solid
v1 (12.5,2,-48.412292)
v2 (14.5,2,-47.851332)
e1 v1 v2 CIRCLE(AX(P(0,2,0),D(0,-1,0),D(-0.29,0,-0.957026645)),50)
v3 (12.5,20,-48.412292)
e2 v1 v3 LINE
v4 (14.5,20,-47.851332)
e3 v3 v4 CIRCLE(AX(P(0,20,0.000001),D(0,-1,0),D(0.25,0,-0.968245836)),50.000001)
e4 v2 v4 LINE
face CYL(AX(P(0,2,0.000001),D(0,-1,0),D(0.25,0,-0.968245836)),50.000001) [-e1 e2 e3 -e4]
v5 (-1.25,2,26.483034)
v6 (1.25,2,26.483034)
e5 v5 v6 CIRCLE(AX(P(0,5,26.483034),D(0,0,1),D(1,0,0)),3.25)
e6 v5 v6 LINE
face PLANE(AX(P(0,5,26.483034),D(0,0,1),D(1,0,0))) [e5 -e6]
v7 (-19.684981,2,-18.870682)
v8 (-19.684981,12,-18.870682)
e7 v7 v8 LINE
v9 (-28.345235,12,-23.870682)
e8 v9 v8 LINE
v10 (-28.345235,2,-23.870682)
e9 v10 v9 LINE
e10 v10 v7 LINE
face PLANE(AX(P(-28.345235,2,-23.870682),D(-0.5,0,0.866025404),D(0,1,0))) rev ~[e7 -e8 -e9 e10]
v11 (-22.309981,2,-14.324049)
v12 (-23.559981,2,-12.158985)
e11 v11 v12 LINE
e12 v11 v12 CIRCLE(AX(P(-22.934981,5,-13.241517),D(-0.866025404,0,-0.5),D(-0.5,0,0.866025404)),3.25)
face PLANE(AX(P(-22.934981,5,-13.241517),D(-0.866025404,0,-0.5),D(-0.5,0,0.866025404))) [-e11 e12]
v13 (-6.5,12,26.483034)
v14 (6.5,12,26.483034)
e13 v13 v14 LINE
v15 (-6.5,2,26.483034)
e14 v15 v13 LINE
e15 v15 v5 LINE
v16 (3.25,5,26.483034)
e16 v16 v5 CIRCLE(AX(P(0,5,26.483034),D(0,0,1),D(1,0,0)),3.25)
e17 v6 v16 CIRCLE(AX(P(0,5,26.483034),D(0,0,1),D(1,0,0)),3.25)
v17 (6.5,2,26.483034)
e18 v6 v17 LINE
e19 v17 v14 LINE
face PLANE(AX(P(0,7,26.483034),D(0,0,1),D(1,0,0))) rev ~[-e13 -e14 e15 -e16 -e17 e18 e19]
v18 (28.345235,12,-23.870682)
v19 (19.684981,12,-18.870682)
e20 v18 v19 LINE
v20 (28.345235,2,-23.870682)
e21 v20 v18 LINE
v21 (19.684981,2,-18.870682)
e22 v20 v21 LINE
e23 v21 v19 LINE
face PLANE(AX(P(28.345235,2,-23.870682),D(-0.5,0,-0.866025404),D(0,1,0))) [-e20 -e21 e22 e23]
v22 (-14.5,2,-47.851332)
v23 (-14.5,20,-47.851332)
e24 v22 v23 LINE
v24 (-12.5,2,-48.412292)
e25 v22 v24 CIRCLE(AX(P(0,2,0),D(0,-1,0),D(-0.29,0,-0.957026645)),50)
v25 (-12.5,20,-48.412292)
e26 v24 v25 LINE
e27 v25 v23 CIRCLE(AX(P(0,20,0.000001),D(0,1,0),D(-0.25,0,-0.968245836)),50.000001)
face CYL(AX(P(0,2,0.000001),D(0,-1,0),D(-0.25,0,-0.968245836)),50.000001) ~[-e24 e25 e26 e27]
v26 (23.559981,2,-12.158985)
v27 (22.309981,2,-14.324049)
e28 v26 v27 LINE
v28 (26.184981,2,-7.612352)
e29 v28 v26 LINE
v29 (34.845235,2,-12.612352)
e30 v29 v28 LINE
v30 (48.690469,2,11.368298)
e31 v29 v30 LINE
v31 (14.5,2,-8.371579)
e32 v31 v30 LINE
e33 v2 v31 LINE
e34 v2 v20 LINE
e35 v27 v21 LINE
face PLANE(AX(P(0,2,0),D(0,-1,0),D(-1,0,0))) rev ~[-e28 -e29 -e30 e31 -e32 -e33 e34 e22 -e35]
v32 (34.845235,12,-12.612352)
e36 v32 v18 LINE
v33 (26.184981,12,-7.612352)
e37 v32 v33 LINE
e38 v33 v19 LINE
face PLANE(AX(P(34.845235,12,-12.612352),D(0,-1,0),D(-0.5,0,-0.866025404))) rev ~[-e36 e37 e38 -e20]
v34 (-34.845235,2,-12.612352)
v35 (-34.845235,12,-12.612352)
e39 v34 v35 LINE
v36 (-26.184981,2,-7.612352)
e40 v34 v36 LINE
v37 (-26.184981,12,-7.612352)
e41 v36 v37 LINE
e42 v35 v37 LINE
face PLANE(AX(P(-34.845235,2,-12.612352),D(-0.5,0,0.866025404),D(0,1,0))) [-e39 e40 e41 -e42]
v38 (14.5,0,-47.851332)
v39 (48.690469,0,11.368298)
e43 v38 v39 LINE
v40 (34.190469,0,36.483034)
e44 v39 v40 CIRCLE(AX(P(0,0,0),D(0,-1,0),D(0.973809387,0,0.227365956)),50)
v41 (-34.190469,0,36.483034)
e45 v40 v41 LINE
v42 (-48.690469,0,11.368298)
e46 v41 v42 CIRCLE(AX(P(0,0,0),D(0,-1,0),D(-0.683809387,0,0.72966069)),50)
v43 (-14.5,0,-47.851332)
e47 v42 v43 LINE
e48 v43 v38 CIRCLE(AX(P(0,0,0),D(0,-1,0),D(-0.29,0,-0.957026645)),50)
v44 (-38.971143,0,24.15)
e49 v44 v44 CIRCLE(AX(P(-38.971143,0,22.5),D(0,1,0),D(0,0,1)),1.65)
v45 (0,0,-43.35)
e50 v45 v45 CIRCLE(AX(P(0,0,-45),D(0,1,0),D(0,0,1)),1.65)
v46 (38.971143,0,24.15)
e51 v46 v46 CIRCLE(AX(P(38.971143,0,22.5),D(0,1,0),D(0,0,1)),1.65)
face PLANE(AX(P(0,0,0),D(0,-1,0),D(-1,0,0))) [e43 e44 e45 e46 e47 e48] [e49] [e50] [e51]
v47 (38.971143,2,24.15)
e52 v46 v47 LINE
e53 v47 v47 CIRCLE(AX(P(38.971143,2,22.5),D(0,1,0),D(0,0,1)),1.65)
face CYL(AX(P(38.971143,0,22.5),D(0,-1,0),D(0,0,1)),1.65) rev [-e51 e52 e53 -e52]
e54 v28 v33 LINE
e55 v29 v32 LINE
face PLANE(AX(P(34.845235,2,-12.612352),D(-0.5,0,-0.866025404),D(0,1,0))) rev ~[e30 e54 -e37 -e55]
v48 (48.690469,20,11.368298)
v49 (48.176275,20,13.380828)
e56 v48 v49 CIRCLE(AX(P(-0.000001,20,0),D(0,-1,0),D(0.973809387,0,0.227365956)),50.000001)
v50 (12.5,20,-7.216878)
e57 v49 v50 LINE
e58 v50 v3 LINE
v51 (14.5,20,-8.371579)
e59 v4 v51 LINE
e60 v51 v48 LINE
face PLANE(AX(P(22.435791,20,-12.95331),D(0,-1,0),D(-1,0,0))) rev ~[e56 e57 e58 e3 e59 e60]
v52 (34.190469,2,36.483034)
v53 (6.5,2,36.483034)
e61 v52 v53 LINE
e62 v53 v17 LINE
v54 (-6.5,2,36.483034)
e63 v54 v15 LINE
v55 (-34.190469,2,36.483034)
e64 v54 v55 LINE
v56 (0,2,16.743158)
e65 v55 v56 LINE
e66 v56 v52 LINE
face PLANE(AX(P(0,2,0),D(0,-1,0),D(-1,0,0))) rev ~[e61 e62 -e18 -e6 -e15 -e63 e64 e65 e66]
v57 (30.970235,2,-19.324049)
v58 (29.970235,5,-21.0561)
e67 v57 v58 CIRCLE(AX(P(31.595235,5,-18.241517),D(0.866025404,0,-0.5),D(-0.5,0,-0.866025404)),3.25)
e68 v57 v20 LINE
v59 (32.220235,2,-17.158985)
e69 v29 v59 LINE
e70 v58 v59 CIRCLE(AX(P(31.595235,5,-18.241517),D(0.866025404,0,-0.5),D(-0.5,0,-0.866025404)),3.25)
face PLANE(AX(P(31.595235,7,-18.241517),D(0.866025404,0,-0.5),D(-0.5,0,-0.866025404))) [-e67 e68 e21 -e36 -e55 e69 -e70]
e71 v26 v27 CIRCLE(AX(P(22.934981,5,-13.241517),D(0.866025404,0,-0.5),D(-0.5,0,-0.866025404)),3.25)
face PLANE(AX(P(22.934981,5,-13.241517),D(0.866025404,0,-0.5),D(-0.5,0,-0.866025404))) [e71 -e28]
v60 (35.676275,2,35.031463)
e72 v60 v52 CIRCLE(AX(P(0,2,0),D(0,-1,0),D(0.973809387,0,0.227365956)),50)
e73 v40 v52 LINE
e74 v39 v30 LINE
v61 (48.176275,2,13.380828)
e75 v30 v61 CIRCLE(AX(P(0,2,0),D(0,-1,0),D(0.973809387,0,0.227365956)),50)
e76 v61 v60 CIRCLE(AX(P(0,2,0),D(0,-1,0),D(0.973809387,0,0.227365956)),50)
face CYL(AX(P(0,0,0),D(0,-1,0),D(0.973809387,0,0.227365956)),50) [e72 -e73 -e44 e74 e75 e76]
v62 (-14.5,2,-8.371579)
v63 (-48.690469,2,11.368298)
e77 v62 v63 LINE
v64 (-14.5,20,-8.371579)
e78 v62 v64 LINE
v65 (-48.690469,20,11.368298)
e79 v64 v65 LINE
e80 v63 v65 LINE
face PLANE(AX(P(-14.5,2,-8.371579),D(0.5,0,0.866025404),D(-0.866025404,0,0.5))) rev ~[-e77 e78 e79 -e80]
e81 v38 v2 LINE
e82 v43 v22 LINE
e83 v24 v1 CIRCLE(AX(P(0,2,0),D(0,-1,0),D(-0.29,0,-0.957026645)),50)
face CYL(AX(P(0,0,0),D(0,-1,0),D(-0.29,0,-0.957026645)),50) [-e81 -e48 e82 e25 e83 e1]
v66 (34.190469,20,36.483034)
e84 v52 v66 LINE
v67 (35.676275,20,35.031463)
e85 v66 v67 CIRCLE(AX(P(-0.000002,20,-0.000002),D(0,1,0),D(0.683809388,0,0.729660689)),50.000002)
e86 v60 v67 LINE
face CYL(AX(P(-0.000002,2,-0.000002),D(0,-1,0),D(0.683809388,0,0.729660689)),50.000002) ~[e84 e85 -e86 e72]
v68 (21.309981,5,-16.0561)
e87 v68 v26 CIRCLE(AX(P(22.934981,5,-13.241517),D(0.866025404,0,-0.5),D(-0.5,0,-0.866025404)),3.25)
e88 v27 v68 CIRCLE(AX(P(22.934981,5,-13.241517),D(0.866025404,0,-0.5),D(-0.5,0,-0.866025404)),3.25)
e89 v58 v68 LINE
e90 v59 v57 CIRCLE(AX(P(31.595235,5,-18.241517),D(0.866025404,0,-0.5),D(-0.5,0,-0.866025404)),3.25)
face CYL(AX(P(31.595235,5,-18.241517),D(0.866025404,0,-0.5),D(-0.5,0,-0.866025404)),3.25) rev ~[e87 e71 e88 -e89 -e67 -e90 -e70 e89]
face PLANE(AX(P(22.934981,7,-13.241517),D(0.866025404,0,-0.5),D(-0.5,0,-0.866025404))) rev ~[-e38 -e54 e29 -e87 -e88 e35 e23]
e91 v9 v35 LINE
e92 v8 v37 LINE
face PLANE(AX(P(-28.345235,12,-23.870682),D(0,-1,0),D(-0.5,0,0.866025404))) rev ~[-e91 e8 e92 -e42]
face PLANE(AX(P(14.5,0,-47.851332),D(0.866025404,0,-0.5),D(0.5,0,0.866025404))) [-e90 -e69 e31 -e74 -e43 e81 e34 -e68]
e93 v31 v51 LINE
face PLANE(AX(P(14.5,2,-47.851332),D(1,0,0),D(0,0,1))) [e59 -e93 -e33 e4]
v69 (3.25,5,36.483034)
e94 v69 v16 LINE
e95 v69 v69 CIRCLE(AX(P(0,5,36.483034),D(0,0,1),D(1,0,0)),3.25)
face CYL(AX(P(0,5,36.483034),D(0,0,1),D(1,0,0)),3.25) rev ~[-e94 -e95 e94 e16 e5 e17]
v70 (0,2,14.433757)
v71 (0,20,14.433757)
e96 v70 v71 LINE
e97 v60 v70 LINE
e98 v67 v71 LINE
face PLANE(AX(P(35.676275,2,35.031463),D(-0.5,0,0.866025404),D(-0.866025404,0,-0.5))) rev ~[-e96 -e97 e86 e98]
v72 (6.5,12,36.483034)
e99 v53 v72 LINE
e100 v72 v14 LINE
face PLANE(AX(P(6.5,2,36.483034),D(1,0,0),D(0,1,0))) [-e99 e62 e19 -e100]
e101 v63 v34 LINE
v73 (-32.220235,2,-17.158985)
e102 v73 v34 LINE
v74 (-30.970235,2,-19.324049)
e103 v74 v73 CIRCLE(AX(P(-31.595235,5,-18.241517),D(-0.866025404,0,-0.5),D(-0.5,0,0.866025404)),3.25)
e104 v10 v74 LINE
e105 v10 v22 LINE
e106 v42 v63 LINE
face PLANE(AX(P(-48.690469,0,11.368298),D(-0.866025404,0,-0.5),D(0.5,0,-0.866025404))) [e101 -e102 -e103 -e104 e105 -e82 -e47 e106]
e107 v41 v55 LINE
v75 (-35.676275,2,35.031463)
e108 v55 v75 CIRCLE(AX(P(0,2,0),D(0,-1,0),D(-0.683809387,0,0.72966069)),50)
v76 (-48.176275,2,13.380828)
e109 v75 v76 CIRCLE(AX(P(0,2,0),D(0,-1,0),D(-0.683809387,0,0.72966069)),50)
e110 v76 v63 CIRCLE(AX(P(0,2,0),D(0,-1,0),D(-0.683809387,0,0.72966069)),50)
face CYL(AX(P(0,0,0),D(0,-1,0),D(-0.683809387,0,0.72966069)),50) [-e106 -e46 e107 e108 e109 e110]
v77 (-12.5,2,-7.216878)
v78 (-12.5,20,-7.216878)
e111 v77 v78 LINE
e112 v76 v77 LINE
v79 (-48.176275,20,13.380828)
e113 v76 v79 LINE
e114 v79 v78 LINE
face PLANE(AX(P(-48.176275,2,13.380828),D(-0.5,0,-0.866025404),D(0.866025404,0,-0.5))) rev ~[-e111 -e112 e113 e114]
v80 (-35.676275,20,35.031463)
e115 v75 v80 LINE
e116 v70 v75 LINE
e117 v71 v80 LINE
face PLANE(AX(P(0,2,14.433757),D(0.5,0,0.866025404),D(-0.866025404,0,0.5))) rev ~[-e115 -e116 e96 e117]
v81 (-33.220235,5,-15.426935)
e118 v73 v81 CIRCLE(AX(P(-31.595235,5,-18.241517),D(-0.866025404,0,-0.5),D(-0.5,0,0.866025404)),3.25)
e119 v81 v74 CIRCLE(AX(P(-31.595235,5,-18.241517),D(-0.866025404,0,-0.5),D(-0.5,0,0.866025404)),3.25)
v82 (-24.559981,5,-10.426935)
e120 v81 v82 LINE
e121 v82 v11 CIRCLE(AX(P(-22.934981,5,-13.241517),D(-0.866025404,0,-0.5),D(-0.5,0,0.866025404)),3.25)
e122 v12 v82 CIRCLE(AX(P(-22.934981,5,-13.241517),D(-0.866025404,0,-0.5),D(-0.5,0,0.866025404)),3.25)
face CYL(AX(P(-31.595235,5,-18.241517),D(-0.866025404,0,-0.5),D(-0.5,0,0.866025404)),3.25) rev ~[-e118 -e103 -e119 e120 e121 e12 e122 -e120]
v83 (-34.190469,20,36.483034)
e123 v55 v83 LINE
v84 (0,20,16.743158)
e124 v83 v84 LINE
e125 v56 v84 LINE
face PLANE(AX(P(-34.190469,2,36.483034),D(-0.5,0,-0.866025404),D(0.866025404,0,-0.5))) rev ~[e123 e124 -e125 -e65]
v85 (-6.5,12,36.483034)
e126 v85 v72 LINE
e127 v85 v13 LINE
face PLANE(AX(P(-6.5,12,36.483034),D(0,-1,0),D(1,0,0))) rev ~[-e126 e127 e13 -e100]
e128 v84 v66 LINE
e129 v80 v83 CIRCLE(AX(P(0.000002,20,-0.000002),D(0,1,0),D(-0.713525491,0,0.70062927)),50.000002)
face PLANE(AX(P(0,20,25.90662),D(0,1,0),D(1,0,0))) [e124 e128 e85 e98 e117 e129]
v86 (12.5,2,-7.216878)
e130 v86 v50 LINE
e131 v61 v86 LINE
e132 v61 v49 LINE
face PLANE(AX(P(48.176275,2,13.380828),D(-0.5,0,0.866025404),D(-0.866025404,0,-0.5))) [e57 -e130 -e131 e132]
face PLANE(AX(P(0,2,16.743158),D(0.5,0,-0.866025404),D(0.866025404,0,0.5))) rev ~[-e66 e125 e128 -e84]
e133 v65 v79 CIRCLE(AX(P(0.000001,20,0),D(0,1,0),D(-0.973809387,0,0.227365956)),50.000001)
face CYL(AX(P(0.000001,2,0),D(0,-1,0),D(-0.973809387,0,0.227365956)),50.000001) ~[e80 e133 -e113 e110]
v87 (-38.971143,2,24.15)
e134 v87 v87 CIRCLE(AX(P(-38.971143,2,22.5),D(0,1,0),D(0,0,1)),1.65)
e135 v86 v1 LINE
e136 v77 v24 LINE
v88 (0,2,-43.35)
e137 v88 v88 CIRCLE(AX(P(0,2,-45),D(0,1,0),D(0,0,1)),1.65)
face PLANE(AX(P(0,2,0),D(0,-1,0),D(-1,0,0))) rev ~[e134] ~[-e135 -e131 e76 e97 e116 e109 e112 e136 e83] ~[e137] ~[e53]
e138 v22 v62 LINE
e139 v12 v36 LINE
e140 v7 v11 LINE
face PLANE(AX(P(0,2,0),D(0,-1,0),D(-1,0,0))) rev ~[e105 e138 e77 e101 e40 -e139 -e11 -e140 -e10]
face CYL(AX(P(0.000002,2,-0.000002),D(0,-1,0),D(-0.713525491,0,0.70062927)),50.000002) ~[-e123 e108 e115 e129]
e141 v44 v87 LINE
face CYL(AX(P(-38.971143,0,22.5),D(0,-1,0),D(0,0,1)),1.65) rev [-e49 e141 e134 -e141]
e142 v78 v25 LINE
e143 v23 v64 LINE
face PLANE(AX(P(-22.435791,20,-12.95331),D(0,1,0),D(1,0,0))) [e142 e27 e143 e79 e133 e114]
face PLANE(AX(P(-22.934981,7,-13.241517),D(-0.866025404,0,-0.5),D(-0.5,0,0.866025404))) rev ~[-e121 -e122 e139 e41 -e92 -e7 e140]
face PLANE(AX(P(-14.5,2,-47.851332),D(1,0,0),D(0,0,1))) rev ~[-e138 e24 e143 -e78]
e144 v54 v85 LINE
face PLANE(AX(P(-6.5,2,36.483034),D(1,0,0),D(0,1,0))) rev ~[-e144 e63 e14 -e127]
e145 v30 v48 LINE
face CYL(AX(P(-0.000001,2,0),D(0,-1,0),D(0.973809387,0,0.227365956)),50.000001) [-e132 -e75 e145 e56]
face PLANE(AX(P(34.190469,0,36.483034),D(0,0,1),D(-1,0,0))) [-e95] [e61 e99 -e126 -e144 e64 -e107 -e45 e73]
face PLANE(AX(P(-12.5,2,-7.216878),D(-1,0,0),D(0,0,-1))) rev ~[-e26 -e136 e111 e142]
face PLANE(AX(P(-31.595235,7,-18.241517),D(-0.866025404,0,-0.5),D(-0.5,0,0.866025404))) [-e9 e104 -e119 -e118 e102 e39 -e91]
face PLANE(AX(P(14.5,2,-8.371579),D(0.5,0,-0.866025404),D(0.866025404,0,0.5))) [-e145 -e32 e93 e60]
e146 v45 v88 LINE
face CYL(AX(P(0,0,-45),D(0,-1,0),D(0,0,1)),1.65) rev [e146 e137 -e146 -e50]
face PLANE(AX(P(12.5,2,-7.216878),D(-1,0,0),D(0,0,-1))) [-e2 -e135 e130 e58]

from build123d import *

# Parameters (mm, degrees)
SKETCH1_R           = 1.65
BOSS_EXTRUDE1_DEPTH = 2
BOSS_EXTRUDE2_DEPTH = 18
SKETCH3_W           = 13
SKETCH3_H           = 10
BOSS_EXTRUDE3_DEPTH = 10
SKETCH4_R           = 3.25
CUT_EXTRUDE1_DEPTH  = 10
CIRPATTERN1_COUNT   = 3


with BuildPart() as part:
    # Sketch1 → Boss-Extrude1 (new body)
    with BuildSketch(Plane(origin=(0, 0, 0), x_dir=(1, 0, 0), z_dir=(0, 1, 0))):
        with BuildLine():
            Line((14.5, 47.85133227), (48.690469351, -11.36829778))
            ThreePointArc((48.690469351, -11.36829778), (43.301270189, -25), (34.190469351, -36.48303449))
            Line((34.190469351, -36.48303449), (-34.190469351, -36.48303449))
            ThreePointArc((-34.190469351, -36.48303449), (-43.301270189, -25), (-48.690469351, -11.36829778))
            Line((-48.690469351, -11.36829778), (-14.5, 47.85133227))
            ThreePointArc((-14.5, 47.85133227), (0, 50), (14.5, 47.85133227))
        make_face()
        with Locations(Location((0, 45, 0), (0, 0, 270))):
            Circle(SKETCH1_R, mode=Mode.SUBTRACT)
        with Locations(Location((38.97114317, -22.5, 0), (0, 0, 270))):
            Circle(SKETCH1_R, mode=Mode.SUBTRACT)
        with Locations(Location((-38.97114317, -22.5, 0), (0, 0, 270))):
            Circle(SKETCH1_R, mode=Mode.SUBTRACT)
    extrude(amount=BOSS_EXTRUDE1_DEPTH)

    # Sketch2 → Boss-Extrude2 (add)
    with BuildSketch(Plane(origin=(0, 2, 0), x_dir=(1, 0, 0), z_dir=(0, 1, 0))):
        with BuildLine():
            Line((-14.5, 47.85133227), (-14.5, 8.371578903))
            Line((-14.5, 8.371578903), (-48.690469351, -11.36829778))
            ThreePointArc((-48.690469351, -11.36829778), (-48.443824061, -12.377233549), (-48.176274578, -13.380828366))
            Line((-48.176274578, -13.380828366), (-12.5, 7.216878365))
            Line((-12.5, 7.216878365), (-12.5, 48.412291828))
            ThreePointArc((-12.5, 48.412291828), (-13.502913349, 48.142199068), (-14.5, 47.85133227))
        make_face()
        with BuildLine():
            Line((14.5, 47.85133227), (14.5, 8.371578903))
            Line((14.5, 8.371578903), (48.690469351, -11.36829778))
            ThreePointArc((48.690469351, -11.36829778), (48.443824061, -12.377233549), (48.176274578, -13.380828366))
            Line((48.176274578, -13.380828366), (12.5, 7.216878365))
            Line((12.5, 7.216878365), (12.5, 48.412291828))
            ThreePointArc((12.5, 48.412291828), (13.502913349, 48.142199068), (14.5, 47.85133227))
        make_face()
        with BuildLine():
            Line((-34.190469351, -36.48303449), (0, -16.743157806))
            Line((0, -16.743157806), (34.190469351, -36.48303449))
            ThreePointArc((34.190469351, -36.48303449), (34.940910712, -35.764965519), (35.676274578, -35.031463461))
            Line((35.676274578, -35.031463461), (0, -14.43375673))
            Line((0, -14.43375673), (-35.676274578, -35.031463461))
            ThreePointArc((-35.676274578, -35.031463461), (-34.940910712, -35.764965519), (-34.190469351, -36.48303449))
        make_face()
    extrude(amount=BOSS_EXTRUDE2_DEPTH)

    # Sketch3 → Boss-Extrude3 (add)
    with BuildSketch(Plane(origin=(31.595234675, 0, -18.241517245), x_dir=(-0.5000000000000003, 0, -0.8660254037844386), z_dir=(0.8660254037844385, 0, -0.5000000000000002))):
        with Locations((0, 7)):
            Rectangle(SKETCH3_W, SKETCH3_H)
    boss_extrude3 = extrude(amount=-BOSS_EXTRUDE3_DEPTH)

    # Sketch4 → Cut-Extrude1 (cut)
    with BuildSketch(Plane(origin=(31.595234675, 0, -18.241517245), x_dir=(-0.5000000000000003, 0, -0.8660254037844385), z_dir=(0.8660254037844385, 0, -0.5000000000000003))):
        with Locations((0, 5)):
            Circle(SKETCH4_R)
    cut_extrude1 = extrude(amount=-CUT_EXTRUDE1_DEPTH, mode=Mode.SUBTRACT)

    # CirPattern1: Boss-Extrude3, Cut-Extrude1 ×3 about axis
    cirpattern1_axis = Axis((0, 0, 0), (0, 1, 0))
    add([boss_extrude3.rotate(cirpattern1_axis, i * 360 / CIRPATTERN1_COUNT) for i in range(1, CIRPATTERN1_COUNT)])
    add([cut_extrude1.rotate(cirpattern1_axis, i * 360 / CIRPATTERN1_COUNT) for i in range(1, CIRPATTERN1_COUNT)], mode=Mode.SUBTRACT)


solid = part.part
